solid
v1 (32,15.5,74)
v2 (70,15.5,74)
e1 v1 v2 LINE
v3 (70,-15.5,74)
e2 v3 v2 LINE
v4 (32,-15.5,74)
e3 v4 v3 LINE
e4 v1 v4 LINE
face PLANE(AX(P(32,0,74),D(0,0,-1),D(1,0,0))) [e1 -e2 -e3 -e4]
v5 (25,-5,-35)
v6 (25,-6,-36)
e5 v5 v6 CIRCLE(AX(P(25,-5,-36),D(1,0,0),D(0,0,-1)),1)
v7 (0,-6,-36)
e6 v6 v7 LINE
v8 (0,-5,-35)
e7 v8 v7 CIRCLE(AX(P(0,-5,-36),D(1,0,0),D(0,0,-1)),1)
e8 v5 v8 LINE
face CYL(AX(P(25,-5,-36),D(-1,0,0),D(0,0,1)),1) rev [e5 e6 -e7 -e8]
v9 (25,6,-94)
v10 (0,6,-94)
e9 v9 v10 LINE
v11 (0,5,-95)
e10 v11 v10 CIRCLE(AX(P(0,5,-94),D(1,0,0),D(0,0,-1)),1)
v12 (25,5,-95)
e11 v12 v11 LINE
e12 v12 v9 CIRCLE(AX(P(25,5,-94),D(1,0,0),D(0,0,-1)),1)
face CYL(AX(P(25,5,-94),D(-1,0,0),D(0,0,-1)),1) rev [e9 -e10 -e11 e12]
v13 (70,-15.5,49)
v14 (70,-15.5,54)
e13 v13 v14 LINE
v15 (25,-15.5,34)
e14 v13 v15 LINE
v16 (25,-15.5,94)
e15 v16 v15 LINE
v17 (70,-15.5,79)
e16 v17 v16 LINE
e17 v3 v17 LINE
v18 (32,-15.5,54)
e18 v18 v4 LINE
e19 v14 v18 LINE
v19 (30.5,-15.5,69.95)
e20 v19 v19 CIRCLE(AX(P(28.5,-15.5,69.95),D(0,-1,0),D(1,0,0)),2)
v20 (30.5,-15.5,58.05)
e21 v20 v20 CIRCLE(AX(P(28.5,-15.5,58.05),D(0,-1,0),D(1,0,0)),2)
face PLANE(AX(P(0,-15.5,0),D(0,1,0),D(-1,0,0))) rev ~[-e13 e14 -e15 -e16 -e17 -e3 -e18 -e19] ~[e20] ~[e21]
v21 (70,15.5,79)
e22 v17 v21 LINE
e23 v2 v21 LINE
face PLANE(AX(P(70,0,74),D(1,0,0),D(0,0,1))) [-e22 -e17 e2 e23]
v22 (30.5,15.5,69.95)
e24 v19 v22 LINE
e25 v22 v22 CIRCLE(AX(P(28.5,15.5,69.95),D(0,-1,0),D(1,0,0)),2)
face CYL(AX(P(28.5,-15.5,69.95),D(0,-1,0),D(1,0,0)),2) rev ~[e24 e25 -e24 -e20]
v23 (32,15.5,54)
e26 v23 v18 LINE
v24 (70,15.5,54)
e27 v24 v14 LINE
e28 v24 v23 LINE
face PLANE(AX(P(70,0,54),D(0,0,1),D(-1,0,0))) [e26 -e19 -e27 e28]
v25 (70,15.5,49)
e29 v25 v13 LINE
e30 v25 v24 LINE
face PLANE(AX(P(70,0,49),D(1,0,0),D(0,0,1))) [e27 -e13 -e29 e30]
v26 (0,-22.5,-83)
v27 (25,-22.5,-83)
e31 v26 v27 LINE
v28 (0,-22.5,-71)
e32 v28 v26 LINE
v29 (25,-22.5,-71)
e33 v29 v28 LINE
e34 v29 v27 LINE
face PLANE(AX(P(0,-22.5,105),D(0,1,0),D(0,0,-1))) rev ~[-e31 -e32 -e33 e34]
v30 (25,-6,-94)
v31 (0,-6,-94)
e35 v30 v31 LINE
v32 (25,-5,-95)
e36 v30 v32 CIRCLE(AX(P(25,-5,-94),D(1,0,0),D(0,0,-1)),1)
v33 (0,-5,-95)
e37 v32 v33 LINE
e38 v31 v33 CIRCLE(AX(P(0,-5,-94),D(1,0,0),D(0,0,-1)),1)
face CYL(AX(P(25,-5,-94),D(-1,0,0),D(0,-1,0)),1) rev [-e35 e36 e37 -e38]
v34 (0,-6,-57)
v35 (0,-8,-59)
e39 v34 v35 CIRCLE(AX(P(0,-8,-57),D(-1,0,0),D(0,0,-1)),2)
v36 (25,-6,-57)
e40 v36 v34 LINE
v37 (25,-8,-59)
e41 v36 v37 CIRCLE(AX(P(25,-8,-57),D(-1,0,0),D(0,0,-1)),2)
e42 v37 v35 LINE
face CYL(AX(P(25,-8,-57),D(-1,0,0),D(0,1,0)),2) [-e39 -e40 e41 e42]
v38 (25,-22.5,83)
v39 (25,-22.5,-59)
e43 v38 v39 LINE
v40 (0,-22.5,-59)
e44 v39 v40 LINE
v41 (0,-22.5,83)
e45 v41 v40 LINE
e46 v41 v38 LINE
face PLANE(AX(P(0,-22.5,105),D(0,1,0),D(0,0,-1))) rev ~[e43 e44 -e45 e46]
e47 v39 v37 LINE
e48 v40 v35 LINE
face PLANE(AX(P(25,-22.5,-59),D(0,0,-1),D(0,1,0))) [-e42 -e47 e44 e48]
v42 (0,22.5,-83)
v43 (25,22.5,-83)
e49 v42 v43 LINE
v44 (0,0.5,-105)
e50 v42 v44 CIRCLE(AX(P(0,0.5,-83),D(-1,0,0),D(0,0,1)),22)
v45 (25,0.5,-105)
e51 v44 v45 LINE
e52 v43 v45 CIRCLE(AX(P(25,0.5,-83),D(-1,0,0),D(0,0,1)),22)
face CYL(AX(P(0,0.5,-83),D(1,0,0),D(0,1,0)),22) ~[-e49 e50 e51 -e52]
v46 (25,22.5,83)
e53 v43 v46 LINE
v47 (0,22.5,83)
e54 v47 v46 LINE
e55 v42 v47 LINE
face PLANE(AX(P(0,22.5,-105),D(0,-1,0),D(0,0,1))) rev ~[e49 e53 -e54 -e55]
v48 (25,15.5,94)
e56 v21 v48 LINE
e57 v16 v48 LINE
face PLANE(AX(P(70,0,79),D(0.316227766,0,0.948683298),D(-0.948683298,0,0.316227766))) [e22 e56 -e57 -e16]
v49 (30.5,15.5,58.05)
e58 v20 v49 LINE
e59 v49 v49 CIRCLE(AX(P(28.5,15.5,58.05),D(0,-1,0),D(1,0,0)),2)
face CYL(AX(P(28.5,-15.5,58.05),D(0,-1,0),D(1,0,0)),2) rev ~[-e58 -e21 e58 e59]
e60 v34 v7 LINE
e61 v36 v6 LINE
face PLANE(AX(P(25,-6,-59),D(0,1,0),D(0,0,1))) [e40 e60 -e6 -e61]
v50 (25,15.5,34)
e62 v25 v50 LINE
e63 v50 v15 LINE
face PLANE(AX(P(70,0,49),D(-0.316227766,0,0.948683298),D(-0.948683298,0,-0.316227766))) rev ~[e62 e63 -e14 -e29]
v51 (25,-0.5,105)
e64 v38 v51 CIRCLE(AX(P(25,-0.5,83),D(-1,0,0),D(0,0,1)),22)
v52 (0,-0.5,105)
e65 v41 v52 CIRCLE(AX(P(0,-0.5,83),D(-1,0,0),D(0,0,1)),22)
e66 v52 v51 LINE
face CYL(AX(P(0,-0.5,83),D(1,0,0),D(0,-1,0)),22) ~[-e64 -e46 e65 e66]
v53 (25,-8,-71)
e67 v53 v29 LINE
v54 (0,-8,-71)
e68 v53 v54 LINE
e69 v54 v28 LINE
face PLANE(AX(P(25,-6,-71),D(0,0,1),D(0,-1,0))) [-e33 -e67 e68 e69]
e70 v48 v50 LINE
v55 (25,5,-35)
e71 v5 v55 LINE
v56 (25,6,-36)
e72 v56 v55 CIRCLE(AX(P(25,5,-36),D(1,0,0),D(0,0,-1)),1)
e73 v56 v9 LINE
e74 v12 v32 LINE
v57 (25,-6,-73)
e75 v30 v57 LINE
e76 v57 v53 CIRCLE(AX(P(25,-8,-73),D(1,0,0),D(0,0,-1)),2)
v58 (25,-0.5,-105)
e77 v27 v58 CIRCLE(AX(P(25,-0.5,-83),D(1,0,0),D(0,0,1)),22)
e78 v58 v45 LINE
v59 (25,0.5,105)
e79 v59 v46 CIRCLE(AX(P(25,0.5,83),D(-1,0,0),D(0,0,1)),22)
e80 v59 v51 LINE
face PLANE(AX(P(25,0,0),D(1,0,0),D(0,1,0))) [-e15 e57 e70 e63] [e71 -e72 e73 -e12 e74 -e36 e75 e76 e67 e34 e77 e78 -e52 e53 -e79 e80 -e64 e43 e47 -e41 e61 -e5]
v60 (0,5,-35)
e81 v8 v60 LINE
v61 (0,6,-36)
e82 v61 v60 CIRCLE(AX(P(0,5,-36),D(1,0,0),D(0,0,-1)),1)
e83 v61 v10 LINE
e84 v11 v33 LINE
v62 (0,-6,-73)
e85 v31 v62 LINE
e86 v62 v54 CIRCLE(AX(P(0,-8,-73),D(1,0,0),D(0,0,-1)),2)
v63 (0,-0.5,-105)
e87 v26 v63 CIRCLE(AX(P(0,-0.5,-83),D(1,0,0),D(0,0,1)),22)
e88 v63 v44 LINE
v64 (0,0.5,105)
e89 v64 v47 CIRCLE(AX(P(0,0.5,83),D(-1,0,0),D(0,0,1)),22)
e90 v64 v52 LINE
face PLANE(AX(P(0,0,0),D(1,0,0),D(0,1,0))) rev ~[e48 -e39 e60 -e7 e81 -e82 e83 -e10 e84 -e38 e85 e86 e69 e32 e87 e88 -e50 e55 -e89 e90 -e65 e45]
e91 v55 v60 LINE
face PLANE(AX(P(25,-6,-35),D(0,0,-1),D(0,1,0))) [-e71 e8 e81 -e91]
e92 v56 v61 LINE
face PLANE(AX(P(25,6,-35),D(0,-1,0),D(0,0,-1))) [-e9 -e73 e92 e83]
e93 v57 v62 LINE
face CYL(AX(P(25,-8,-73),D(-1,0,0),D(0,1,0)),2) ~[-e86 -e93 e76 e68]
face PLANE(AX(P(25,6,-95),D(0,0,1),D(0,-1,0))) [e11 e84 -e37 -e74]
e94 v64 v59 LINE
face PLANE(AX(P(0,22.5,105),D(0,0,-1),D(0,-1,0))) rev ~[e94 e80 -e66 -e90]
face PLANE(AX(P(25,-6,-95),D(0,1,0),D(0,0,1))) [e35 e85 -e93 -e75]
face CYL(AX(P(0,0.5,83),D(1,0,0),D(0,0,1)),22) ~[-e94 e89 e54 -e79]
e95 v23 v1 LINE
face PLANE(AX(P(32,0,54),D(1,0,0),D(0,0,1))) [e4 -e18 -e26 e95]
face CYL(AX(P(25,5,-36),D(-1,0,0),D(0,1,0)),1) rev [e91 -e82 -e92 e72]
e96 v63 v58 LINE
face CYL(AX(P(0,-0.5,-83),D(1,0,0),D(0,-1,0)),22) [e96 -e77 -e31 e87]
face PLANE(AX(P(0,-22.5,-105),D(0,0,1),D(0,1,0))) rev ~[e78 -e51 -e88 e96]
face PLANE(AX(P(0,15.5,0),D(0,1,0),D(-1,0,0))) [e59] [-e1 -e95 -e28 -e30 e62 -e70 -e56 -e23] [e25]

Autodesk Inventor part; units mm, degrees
ref_plane "YZ Plane" through (0, 0, 0) normal (1, 0, 0) x (0, 1, 0)
ref_plane "XZ Plane" through (0, 0, 0) normal (0, 1, 0) x (-1, 0, 0)
ref_plane "XY Plane" through (0, 0, 0) normal (0, 0, 1) x (1, 0, 0)
sketch "草圖1" plane through (0, 0, 0) normal (1, 0, 0) x (0, 1, 0)
  line L0 (-22.5, -105) -> (22.5, -105)
  line L1 (22.5, -105) -> (22.5, 105)
  line L2 (22.5, 105) -> (-22.5, 105)
  line L3 (-22.5, 105) -> (-22.5, -105)
  line L4 (-22.5, -105) -> (22.5, 105) construction
  line L5 (22.5, -105) -> (-22.5, 105) construction
  point P0 (0, 0)
  dimension "d0" = 210
  dimension "d1" = 45
extrude "擠出1" add sketch "草圖1" along normal blind 25
fillet "圓角1" radius 22 4 edges at (12.5, 22.5, 105) (12.5, -22.5, 105) (12.5, 22.5, -105) (12.5, -22.5, -105)
sketch "草圖2" plane through (25, 0, 0) normal (1, 0, 0) x (0, 0, -1)
  line L0 (35, 6) -> (95, 6)
  line L1 (95, 6) -> (95, -6)
  line L2 (35, -6) -> (35, 6)
  line L3 (71, -6) -> (71, -22.5)
  line L4 (71, -22.5) -> (59, -22.5)
  line L5 (59, -22.5) -> (59, -6)
  line L6 (0, 0) -> (51.0559, 0) construction
  line L7 (95, -6) -> (71, -6)
  line L8 (59, -6) -> (35, -6)
  line L9 (65, -22.5) -> (65, 6) construction
  line L10 (-83, -22.5) -> (83, -22.5) construction
  line L11 (105, -0.5) -> (105, 0.5) projected
  dimension "d5" = 12
  dimension "d6" = 60
  dimension "d7" = 12
  dimension "d8" = 10
extrude "擠出2" cut sketch "草圖2" against normal blind 25
fillet "圓角2" radius 1 4 edges at (12.5, 6, -35) (12.5, -6, -35) (12.5, 6, -95) (12.5, -6, -95)
fillet "圓角3" radius 2 2 edges at (12.5, -6, -59) (12.5, -6, -71)
sketch "草圖3" plane through (0, 0, 0) normal (0, 1, 0) x (-1, 0, 0)
  line L0 (-25, 94) -> (-25, 34)
  line L1 (-70, 79) -> (-25, 94)
  line L2 (-70, 49) -> (-25, 34)
  line L3 (-32, 74) -> (-70, 74)
  line L4 (-70, 54) -> (-32, 54)
  line L5 (-32, 54) -> (-32, 74)
  line L6 (-70, 49) -> (-70, 54)
  line L7 (-70, 74) -> (-70, 79)
  line L8 (-32, 64) -> (-25, 64) construction
  line L9 (-25, 83) -> (-25, -59) construction
  line L10 (0, -59) -> (-25, -59) projected
  point P0 (0, 0)
  dimension "d13" = 113
  dimension "d14" = 20
  dimension "d15" = 5
  dimension "d16" = 20
  dimension "d17" = 45
  dimension "d21" = 38
extrude "擠出3" add sketch "草圖3" along normal mid plane 31
sketch "草圖4" plane through (0, -15.5, 0) normal (0, -1, 0) x (1, 0, 0)
  circle A0 centre (28.5, 69.95) radius 2
  circle A1 centre (28.5, 58.05) radius 2
  line L0 (25, 105) -> (25, 83) construction
  line L1 (70, 64) -> (28.5, 64) construction
  line L2 (70, 74) -> (32, 74) construction
  line L3 (32, 54) -> (70, 54) construction
  point P0 (0, 0)
  dimension "d22" = 3.5
  dimension "d23" = 4
  dimension "d24" = 11.9
  dimension "d25" = 10
extrude "擠出4" cut sketch "草圖4" against normal blind 31
sketch "草圖5" plane through (0, 15.5, 0) normal (0, 1, 0) x (1, 0, 0)
  circle A0 centre (28.5, -58.05) radius 2 projected
  circle A1 centre (28.5, -58.05) radius 2.725 construction
  circle A2 centre (28.5, -69.95) radius 2 projected
  circle A3 centre (28.5, -69.95) radius 2.725
  line L0 (26.9385, -60.7818) -> (25.3535, -58.0636) construction
  line L1 (25.3535, -58.0636) -> (26.915, -55.3318) construction
  line L2 (26.915, -55.3318) -> (30.0615, -55.3182) construction
  line L3 (30.0615, -55.3182) -> (31.6465, -58.0364) construction
  line L4 (31.6465, -58.0364) -> (30.085, -60.7682) construction
  line L5 (30.085, -60.7682) -> (26.9385, -60.7818) construction
  circle A4 centre (28.5, -58.05) radius 3.1466
  point P0 (0, 0)
  point P1 (28.5117, -60.775)
  dimension "d30" = 5.45
properties part number "base"
